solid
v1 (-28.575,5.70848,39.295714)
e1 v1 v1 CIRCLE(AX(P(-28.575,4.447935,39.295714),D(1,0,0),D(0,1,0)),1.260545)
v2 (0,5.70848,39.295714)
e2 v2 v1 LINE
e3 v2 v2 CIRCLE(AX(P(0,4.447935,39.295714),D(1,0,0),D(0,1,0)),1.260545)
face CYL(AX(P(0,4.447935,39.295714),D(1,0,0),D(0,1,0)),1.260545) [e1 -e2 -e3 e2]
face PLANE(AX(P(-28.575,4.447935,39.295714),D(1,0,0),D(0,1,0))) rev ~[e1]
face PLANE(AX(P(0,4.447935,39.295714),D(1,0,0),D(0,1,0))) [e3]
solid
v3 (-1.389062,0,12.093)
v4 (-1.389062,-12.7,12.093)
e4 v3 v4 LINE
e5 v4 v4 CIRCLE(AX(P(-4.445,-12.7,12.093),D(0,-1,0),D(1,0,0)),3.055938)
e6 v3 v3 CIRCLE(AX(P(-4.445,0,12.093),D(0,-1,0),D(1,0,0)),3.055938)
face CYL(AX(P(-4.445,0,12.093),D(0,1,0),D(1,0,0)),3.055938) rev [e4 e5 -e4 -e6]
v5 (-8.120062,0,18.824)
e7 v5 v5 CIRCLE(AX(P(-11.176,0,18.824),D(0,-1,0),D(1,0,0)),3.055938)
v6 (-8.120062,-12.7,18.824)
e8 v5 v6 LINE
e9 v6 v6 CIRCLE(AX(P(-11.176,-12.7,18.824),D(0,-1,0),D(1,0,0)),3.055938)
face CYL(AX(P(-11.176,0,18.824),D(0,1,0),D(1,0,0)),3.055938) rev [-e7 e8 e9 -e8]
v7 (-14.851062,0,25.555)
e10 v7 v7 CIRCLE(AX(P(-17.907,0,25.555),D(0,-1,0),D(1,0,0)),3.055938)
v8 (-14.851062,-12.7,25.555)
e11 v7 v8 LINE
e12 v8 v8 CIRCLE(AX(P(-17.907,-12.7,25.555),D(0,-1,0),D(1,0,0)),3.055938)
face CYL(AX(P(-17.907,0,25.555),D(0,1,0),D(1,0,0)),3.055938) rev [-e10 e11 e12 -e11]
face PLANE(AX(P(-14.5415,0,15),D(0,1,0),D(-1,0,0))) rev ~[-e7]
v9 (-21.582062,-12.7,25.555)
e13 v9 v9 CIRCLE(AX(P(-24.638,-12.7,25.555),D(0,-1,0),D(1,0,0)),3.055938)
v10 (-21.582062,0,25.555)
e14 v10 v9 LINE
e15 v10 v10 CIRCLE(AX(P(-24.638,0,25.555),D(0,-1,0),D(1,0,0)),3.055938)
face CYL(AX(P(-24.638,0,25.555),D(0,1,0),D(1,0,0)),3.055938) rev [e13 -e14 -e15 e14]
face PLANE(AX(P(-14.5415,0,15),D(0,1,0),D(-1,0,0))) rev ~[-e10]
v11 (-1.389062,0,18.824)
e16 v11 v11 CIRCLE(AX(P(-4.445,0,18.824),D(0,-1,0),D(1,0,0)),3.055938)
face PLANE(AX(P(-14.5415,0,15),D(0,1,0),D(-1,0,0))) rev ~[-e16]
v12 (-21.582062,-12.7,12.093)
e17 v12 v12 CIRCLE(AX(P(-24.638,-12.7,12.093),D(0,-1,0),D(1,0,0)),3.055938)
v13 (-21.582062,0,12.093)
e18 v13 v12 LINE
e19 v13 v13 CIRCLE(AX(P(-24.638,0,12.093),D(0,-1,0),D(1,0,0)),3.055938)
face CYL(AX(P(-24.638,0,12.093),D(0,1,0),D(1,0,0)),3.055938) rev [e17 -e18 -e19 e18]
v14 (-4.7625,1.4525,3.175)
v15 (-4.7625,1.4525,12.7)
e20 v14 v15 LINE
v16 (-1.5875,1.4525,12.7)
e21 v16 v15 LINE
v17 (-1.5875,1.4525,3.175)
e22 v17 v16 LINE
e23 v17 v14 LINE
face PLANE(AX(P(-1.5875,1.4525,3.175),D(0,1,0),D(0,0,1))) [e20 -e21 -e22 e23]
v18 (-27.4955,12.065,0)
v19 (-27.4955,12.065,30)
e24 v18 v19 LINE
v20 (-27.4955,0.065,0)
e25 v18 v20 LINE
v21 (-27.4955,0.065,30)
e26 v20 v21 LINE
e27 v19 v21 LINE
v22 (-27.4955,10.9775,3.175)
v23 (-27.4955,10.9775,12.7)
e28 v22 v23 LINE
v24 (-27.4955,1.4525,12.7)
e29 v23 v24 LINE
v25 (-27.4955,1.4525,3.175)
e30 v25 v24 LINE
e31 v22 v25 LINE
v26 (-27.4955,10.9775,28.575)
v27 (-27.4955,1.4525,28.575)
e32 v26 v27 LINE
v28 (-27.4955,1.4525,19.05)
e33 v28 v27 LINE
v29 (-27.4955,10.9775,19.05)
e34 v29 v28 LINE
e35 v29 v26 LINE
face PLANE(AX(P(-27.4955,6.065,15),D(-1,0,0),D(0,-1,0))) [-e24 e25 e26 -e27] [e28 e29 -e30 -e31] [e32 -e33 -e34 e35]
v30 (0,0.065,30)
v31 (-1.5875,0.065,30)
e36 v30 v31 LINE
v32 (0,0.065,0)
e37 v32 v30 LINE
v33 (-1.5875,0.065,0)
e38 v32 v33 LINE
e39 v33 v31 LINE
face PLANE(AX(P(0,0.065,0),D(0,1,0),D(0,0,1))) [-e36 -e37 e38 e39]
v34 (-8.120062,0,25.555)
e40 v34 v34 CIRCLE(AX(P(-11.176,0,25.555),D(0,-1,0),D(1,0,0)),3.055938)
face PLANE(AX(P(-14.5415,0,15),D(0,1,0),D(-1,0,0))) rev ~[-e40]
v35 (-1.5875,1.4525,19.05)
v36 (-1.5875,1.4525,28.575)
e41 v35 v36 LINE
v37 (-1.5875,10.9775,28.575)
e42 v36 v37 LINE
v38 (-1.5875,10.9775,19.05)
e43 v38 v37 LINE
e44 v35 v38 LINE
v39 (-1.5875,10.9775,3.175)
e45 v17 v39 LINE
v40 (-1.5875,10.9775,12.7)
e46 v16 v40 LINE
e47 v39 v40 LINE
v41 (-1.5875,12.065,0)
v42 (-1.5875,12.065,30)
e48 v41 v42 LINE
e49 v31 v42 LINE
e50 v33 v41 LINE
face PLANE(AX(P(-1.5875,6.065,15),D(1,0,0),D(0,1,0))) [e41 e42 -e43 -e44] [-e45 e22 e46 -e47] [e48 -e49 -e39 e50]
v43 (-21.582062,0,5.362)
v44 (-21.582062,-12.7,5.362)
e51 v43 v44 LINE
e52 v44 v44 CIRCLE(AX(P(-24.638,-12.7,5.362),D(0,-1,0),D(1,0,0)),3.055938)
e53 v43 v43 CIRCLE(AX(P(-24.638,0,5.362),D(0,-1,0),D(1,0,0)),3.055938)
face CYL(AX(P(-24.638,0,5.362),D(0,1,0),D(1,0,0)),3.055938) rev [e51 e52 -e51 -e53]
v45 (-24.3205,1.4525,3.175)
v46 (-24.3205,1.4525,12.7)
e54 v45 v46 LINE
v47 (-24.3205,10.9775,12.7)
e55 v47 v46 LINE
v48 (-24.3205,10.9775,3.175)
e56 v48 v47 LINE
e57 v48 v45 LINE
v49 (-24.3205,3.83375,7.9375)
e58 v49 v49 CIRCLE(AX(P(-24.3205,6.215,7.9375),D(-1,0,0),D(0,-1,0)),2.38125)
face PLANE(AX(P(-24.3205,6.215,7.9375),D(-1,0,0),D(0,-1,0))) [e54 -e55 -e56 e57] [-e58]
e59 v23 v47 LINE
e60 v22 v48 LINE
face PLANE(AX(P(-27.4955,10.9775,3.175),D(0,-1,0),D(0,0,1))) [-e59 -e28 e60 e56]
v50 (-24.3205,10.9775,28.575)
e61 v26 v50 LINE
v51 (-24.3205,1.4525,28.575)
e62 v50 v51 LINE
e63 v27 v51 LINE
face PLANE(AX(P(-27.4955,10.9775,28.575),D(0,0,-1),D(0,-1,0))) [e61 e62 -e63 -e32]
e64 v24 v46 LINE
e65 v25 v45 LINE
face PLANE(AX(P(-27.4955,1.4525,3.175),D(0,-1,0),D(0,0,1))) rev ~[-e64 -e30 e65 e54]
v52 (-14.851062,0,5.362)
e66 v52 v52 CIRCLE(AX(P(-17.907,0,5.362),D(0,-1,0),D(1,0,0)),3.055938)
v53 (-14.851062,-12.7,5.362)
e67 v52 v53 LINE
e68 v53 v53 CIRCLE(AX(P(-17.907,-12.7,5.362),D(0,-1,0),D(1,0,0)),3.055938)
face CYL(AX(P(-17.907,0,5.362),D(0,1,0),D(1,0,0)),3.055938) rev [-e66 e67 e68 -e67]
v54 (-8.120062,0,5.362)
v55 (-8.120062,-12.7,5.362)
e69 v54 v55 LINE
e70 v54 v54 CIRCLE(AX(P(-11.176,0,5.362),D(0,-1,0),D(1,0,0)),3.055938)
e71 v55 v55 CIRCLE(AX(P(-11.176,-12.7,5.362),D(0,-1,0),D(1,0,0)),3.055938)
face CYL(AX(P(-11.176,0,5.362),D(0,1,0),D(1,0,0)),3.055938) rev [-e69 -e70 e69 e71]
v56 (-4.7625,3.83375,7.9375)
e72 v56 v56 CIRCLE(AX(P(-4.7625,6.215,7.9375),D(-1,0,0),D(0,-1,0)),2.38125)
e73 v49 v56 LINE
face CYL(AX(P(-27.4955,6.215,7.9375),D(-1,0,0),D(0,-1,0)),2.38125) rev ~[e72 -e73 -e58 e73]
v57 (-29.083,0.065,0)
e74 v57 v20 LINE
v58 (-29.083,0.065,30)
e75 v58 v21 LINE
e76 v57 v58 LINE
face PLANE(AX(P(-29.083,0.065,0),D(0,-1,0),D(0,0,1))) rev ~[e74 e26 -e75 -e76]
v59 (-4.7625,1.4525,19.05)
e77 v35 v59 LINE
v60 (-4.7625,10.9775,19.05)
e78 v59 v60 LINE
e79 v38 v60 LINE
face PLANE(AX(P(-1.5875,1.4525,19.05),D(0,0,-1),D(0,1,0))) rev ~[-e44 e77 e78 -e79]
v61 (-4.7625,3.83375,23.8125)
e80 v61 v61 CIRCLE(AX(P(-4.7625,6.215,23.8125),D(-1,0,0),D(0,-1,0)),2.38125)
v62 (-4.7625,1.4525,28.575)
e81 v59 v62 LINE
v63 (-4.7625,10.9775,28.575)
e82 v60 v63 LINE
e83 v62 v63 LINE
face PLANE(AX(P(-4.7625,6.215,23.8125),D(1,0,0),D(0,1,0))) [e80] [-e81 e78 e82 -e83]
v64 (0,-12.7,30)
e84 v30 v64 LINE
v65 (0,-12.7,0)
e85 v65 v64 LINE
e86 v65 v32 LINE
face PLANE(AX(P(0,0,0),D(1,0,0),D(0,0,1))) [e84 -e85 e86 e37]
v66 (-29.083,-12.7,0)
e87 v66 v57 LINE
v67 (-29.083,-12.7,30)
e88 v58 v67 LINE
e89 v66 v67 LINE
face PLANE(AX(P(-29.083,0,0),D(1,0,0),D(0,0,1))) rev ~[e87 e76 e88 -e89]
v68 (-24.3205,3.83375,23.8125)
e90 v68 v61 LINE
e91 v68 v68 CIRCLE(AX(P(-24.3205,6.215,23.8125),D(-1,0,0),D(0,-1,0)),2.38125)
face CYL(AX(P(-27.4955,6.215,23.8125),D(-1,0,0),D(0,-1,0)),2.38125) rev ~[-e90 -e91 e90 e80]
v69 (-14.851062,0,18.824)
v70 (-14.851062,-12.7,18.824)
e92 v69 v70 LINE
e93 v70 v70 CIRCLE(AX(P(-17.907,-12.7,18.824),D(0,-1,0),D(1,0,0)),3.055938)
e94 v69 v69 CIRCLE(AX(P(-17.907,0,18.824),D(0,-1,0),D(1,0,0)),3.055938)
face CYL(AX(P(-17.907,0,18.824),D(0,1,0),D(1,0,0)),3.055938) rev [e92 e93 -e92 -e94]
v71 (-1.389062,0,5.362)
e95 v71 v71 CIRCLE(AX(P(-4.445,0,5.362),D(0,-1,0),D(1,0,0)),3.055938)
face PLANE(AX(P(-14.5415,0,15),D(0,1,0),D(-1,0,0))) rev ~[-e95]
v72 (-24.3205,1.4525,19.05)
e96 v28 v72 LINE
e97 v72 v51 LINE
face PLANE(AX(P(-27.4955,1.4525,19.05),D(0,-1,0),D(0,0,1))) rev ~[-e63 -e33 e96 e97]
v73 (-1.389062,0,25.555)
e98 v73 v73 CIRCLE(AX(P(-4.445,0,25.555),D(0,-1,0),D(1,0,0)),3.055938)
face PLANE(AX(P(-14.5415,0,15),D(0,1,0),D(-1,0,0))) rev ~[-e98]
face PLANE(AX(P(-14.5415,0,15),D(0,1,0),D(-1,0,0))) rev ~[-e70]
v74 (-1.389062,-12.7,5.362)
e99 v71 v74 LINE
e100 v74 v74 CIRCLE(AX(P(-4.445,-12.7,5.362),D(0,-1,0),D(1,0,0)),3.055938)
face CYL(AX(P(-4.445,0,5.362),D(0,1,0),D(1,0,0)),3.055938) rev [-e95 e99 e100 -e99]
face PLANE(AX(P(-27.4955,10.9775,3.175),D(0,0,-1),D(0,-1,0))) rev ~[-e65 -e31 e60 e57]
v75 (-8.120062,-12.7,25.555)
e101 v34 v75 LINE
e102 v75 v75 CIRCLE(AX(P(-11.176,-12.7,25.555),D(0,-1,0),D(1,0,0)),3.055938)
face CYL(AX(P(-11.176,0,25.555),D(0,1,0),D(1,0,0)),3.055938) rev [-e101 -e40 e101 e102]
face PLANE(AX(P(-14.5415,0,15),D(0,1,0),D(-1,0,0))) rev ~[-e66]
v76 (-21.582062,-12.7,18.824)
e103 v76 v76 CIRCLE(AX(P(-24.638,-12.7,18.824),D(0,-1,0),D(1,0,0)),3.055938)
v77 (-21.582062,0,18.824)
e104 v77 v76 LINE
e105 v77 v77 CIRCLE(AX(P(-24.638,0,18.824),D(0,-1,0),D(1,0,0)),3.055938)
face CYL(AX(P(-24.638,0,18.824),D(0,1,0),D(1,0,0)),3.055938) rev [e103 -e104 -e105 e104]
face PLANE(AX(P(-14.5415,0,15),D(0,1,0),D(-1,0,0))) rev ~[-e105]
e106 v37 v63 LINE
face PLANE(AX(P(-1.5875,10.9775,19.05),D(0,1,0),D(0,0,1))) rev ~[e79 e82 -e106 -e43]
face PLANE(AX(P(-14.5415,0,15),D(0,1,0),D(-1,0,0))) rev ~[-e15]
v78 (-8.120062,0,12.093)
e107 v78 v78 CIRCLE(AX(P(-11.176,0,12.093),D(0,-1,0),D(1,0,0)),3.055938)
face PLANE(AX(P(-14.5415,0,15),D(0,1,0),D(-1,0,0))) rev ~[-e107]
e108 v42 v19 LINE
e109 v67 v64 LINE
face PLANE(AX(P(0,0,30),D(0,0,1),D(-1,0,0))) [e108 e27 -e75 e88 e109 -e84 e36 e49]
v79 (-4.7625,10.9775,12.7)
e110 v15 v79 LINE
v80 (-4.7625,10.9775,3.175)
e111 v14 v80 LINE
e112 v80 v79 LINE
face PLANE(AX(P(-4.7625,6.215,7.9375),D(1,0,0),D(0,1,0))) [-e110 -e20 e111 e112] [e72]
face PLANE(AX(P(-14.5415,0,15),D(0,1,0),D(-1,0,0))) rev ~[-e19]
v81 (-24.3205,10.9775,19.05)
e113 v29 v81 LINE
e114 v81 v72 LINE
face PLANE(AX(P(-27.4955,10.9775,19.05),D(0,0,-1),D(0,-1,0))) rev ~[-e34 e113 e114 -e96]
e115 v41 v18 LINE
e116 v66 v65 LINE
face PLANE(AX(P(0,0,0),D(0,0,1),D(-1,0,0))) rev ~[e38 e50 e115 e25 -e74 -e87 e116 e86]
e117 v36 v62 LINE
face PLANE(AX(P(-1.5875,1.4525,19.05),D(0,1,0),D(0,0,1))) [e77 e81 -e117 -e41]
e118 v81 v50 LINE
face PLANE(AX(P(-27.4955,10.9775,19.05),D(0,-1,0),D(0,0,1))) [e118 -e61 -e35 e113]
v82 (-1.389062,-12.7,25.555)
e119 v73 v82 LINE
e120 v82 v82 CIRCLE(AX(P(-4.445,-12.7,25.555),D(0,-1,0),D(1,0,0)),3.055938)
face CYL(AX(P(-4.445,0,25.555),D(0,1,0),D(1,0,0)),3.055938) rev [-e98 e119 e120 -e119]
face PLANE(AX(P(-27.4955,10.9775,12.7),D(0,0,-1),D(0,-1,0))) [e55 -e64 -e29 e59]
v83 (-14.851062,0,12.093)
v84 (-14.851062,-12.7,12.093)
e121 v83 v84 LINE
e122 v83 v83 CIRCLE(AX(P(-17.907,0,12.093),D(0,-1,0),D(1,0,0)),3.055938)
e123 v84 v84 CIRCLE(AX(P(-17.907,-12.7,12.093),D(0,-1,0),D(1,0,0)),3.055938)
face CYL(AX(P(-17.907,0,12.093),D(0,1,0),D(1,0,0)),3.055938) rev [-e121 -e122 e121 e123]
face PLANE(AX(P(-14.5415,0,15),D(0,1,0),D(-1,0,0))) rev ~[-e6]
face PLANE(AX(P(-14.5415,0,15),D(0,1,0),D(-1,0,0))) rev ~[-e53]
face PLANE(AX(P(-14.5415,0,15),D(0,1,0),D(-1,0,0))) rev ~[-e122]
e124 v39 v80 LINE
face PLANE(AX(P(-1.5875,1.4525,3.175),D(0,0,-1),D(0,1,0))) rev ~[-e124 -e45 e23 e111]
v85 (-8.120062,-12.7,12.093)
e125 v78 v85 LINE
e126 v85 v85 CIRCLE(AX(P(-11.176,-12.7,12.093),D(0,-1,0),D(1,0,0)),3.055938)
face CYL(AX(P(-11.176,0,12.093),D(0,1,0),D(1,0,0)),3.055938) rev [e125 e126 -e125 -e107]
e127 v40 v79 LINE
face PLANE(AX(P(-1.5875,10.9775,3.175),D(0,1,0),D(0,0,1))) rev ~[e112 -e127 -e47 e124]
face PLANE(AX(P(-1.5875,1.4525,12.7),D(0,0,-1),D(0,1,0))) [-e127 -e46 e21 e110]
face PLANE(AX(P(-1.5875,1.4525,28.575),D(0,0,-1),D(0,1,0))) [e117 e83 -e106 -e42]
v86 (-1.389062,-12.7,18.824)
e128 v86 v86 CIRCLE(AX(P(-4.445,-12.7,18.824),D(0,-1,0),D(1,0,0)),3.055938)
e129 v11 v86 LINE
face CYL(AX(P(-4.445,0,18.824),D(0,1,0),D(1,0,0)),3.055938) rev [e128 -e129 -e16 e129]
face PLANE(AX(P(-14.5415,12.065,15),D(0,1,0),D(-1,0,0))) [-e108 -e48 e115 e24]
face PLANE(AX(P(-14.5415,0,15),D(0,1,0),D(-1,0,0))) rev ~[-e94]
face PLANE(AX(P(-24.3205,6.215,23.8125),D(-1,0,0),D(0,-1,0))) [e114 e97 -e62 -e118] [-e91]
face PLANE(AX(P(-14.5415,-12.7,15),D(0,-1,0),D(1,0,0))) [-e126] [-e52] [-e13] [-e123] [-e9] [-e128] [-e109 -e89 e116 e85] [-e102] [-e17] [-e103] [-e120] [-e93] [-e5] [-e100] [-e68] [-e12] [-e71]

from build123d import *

# Parameters (mm, degrees)
F0_W      = 29.083
F0_H      = 30
F0_R      = 3.055938
F1_DEPTH  = 12.7
F2_W      = 29.083
F2_H      = 30
F3_DEPTH  = 12.065
F4_W      = 12
F4_H      = 30
F5_DEPTH  = 1.5875
F6_W      = 12
F6_H      = 30
F7_DEPTH  = 1.5875
F8_R      = 2.38125
F9_DEPTH  = 27.4965
F10_W     = 9.525
F10_H     = 9.525
F12_DEPTH = 3.175
F11_W     = 9.525
F11_H     = 9.525
F13_DEPTH = 3.175
F14_R     = 1.260545
F15_DEPTH = 28.575


with BuildPart() as f1:
    # F0 (on Front) → F1 (new body)
    with BuildSketch(Plane.XZ):
        with Locations((-14.5415, 15)):
            Rectangle(F0_W, F0_H)
        with Locations((-24.638, 5.362)):
            Circle(F0_R, mode=Mode.SUBTRACT)
        with Locations((-17.907, 5.362)):
            Circle(F0_R, mode=Mode.SUBTRACT)
        with Locations((-24.638, 12.093)):
            Circle(F0_R, mode=Mode.SUBTRACT)
        with Locations((-17.907, 12.093)):
            Circle(F0_R, mode=Mode.SUBTRACT)
        with Locations((-11.176, 5.362)):
            Circle(F0_R, mode=Mode.SUBTRACT)
        with Locations((-4.445, 5.362)):
            Circle(F0_R, mode=Mode.SUBTRACT)
        with Locations((-11.176, 12.093)):
            Circle(F0_R, mode=Mode.SUBTRACT)
        with Locations((-4.445, 12.093)):
            Circle(F0_R, mode=Mode.SUBTRACT)
        with Locations((-24.638, 18.824)):
            Circle(F0_R, mode=Mode.SUBTRACT)
        with Locations((-17.907, 18.824)):
            Circle(F0_R, mode=Mode.SUBTRACT)
        with Locations((-24.638, 25.555)):
            Circle(F0_R, mode=Mode.SUBTRACT)
        with Locations((-17.907, 25.555)):
            Circle(F0_R, mode=Mode.SUBTRACT)
        with Locations((-11.176, 18.824)):
            Circle(F0_R, mode=Mode.SUBTRACT)
        with Locations((-4.445, 18.824)):
            Circle(F0_R, mode=Mode.SUBTRACT)
        with Locations((-11.176, 25.555)):
            Circle(F0_R, mode=Mode.SUBTRACT)
        with Locations((-4.445, 25.555)):
            Circle(F0_R, mode=Mode.SUBTRACT)
    extrude(amount=F1_DEPTH)

    # F2 (on face) → F3 (join)
    with BuildSketch(Plane(origin=(0, 0, 0), x_dir=(-1, 0, 0), z_dir=(0, 1, 0))):
        with Locations((14.5415, 15)):
            Rectangle(F2_W, F2_H)
    extrude(amount=F3_DEPTH)

    # F4 (on face) → F5 (cut)
    with BuildSketch(Plane.YZ):
        with Locations((6.065, 15)):
            Rectangle(F4_W, F4_H)
    extrude(amount=-F5_DEPTH, mode=Mode.SUBTRACT)

    # F6 (on face) → F7 (cut)
    with BuildSketch(Plane(origin=(-29.083, 0, 0), x_dir=(0, -1, 0), z_dir=(-1, 0, 0))):
        with Locations((-6.065, 15)):
            Rectangle(F6_W, F6_H)
    extrude(amount=-F7_DEPTH, mode=Mode.SUBTRACT)

    # F8 (on face) → F9 (cut, through all)
    with BuildSketch(Plane(origin=(-27.4955, 0, 0), x_dir=(0, -1, 0), z_dir=(-1, 0, 0))):
        with Locations((-6.215, 23.8125)):
            Circle(F8_R)
        with Locations((-6.215, 7.9375)):
            Circle(F8_R)
    extrude(amount=-F9_DEPTH, mode=Mode.SUBTRACT)

    # F10 (on face) → F12 (cut)
    with BuildSketch(Plane(origin=(-27.4955, 0, 0), x_dir=(0, -1, 0), z_dir=(-1, 0, 0))):
        with Locations((-6.215, 23.8125)):
            Rectangle(F10_W, F10_H)
        with Locations((-6.215, 7.9375)):
            Rectangle(F10_W, F10_H)
    extrude(amount=-F12_DEPTH, mode=Mode.SUBTRACT)

    # F11 (on face) → F13 (cut)
    with BuildSketch(Plane.YZ.offset(-1.5875)):
        with Locations((6.215, 23.8125)):
            Rectangle(F11_W, F11_H)
        with Locations((6.215, 7.9375)):
            Rectangle(F11_W, F11_H)
    extrude(amount=-F13_DEPTH, mode=Mode.SUBTRACT)


with BuildPart() as f15:
    # F14 (on face) → F15 (new body)
    with BuildSketch(Plane.YZ):
        with Locations((4.447935, 39.295714)):
            Circle(F14_R)
    extrude(amount=-F15_DEPTH)


solid = Compound([f1.part, f15.part])
